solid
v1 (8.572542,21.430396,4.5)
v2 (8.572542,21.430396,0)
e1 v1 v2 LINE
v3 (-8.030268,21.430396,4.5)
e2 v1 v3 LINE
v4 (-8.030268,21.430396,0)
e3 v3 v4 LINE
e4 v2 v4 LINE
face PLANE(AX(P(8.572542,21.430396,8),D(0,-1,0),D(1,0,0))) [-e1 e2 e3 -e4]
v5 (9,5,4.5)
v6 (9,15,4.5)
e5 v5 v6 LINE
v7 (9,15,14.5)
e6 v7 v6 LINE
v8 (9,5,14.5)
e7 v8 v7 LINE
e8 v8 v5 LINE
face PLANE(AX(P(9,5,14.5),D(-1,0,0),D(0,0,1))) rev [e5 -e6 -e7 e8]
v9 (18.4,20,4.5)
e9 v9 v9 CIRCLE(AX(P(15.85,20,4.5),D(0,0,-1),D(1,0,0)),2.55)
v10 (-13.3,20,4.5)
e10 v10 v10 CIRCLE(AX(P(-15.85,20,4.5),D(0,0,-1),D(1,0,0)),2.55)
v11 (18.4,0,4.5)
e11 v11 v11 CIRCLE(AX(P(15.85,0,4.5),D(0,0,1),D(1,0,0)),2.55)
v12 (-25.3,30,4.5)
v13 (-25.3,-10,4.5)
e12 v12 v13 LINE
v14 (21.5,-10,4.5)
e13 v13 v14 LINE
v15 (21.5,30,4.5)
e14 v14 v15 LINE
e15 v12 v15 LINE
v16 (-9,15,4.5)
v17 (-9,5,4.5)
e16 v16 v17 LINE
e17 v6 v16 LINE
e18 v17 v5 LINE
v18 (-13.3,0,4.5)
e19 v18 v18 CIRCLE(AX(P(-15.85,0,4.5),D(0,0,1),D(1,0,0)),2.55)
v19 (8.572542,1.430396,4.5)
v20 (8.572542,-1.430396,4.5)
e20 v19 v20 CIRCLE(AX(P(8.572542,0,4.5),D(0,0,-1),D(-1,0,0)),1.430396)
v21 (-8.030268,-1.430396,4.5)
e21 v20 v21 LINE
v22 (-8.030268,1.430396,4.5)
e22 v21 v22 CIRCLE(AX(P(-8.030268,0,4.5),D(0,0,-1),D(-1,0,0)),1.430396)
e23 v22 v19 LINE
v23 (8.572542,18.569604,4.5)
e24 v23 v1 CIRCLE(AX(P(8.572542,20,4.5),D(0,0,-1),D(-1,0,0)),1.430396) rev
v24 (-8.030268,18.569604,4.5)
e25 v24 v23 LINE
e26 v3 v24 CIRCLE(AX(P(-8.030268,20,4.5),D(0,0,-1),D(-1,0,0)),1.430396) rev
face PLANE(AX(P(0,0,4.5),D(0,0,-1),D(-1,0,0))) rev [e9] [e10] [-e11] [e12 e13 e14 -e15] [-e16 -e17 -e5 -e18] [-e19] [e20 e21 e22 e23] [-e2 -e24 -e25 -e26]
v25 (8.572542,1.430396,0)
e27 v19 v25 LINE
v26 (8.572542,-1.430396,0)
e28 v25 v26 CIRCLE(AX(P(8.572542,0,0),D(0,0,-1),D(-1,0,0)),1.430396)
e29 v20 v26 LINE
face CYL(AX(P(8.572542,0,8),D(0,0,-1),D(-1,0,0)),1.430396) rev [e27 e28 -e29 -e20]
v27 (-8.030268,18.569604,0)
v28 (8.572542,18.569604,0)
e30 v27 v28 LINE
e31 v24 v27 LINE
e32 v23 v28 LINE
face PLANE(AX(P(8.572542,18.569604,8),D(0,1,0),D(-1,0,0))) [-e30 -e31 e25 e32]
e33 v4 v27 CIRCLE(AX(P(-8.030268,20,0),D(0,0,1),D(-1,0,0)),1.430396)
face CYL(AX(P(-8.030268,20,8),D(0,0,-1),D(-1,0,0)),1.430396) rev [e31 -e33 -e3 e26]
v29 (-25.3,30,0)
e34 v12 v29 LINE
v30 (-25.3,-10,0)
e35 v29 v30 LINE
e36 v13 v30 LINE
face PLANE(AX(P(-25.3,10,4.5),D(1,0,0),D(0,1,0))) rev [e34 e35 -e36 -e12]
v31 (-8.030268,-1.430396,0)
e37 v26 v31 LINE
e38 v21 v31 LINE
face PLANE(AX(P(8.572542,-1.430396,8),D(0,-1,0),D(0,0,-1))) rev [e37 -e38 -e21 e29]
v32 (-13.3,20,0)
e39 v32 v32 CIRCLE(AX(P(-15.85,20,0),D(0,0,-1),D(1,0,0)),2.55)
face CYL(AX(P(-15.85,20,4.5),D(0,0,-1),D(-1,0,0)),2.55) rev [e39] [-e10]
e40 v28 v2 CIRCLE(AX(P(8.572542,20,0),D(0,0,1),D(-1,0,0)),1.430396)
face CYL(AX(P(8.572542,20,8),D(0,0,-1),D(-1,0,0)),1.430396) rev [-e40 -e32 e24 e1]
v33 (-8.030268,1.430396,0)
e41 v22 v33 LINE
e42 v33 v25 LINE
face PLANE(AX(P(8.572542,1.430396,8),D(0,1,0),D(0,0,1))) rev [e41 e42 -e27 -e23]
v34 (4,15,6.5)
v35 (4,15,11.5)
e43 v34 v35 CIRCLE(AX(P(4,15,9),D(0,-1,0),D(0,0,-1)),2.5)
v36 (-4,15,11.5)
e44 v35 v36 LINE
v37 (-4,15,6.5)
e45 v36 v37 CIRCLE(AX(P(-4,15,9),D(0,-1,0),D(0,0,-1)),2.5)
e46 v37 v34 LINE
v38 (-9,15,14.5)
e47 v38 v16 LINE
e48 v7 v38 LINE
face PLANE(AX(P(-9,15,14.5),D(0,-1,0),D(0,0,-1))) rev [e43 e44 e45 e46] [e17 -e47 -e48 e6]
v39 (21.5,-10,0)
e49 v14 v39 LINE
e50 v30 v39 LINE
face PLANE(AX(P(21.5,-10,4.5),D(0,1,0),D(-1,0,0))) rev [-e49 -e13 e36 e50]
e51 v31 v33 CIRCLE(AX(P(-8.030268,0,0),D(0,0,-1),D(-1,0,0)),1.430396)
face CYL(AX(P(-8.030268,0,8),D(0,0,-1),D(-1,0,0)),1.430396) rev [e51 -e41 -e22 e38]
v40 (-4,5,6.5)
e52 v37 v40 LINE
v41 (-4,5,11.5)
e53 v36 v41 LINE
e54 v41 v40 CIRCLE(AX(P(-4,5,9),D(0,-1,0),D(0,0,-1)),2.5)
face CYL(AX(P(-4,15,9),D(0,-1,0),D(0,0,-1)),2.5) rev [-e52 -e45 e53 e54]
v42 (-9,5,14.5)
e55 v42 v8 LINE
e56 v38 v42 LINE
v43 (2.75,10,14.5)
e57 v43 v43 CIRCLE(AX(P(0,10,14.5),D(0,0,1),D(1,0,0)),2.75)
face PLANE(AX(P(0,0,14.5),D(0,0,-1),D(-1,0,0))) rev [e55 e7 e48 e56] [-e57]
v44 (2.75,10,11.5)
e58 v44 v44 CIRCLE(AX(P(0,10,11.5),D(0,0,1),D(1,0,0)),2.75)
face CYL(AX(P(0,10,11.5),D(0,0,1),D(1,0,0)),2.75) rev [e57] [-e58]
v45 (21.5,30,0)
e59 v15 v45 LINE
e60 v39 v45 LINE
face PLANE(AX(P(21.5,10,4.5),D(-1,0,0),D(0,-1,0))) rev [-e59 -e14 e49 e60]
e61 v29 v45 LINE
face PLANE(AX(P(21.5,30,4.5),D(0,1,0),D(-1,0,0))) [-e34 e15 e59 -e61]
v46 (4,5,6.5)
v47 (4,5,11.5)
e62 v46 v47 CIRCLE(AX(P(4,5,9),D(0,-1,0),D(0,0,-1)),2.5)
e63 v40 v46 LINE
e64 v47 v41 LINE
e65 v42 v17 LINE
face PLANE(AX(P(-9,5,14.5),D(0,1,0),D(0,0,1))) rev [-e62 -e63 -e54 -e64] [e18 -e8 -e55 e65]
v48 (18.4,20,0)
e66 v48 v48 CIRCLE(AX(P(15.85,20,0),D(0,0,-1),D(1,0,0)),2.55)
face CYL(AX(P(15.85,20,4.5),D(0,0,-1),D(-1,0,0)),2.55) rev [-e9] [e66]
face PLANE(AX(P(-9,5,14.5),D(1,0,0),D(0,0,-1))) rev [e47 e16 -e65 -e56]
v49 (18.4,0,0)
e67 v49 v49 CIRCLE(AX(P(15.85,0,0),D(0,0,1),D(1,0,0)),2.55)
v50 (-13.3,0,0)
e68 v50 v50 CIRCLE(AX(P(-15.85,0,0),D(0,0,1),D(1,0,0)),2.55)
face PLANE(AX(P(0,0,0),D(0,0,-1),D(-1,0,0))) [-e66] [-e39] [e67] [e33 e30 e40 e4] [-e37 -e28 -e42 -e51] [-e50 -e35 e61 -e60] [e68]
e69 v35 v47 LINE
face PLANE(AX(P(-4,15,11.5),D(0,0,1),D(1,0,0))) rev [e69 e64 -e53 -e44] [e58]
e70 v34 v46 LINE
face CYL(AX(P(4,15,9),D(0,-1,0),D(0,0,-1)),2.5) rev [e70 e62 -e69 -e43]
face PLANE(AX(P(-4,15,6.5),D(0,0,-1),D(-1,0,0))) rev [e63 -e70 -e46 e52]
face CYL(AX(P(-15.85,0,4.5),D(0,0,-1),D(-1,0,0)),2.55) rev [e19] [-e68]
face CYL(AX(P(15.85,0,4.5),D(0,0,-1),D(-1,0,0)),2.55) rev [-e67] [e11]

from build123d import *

# Parameters (mm, degrees)
SKETCH_1_W          = 46.8
SKETCH_1_H          = 20
SKETCH_1_R          = 2.55
EXTRUDE_1_DEPTH     = 4.5
CUT_EXTRUDE_1_DEPTH = 8
SKETCH_9_W          = 18
SKETCH_9_H          = 10
EXTRUDE_2_DEPTH     = 10
CUT_EXTRUDE_3_DEPTH = 10
SKETCH_12_R         = 2.75
CUT_EXTRUDE_4_DEPTH = 3


with BuildPart() as part:
    # 草图1 → 凸台-拉伸1 (new body)
    with BuildSketch(Plane.XY):
        with Locations((-1.9, 0)):
            Rectangle(SKETCH_1_W, SKETCH_1_H)
        with Locations((-15.85, 0)):
            Circle(SKETCH_1_R, mode=Mode.SUBTRACT)
        with Locations((15.85, 0)):
            Circle(SKETCH_1_R, mode=Mode.SUBTRACT)
    extrude_1 = extrude(amount=EXTRUDE_1_DEPTH)

    # 草图8 → 切除-拉伸1 (cut)
    with BuildSketch(Plane(origin=(0, 0, 0), x_dir=(-1, 0, 0), z_dir=(0, 0, -1))):
        with BuildLine():
            Line((-8.572541507, 1.430395913), (8.030268199, 1.430395913))
            ThreePointArc((8.030268199, 1.430395913), (9.460664112, 0), (8.030268199, -1.430395913))
            Line((8.030268199, -1.430395913), (-8.572541507, -1.430395913))
            ThreePointArc((-8.572541507, -1.430395913), (-10.00293742, 0), (-8.572541507, 1.430395913))
        make_face()
    cut_extrude_1 = extrude(amount=-CUT_EXTRUDE_1_DEPTH, mode=Mode.SUBTRACT)

    # 镜向1: 凸台-拉伸1 across plane
    add(extrude_1.mirror(Plane.ZX.offset(10)))

    # 镜向3: 切除-拉伸1 across plane
    add(cut_extrude_1.mirror(Plane.ZX.offset(10)), mode=Mode.SUBTRACT)

    # 草图9 → 凸台-拉伸2 (add)
    with BuildSketch(Plane.XY.offset(4.5)):
        with Locations((0, 10)):
            Rectangle(SKETCH_9_W, SKETCH_9_H)
    extrude(amount=EXTRUDE_2_DEPTH)

    # 草图11 → 切除-拉伸3 (cut)
    with BuildSketch(Plane.XZ.offset(-5)):
        with BuildLine():
            Line((-4, 11.5), (4, 11.5))
            ThreePointArc((4, 11.5), (6.5, 9), (4, 6.5))
            Line((4, 6.5), (-4, 6.5))
            ThreePointArc((-4, 6.5), (-6.5, 9), (-4, 11.5))
        make_face()
    extrude(amount=-CUT_EXTRUDE_3_DEPTH, mode=Mode.SUBTRACT)

    # 草图12 → 切除-拉伸4 (cut)
    with BuildSketch(Plane.XY.offset(14.5)):
        with Locations((0, 10)):
            Circle(SKETCH_12_R)
    extrude(amount=-CUT_EXTRUDE_4_DEPTH, mode=Mode.SUBTRACT)


solid = part.part
